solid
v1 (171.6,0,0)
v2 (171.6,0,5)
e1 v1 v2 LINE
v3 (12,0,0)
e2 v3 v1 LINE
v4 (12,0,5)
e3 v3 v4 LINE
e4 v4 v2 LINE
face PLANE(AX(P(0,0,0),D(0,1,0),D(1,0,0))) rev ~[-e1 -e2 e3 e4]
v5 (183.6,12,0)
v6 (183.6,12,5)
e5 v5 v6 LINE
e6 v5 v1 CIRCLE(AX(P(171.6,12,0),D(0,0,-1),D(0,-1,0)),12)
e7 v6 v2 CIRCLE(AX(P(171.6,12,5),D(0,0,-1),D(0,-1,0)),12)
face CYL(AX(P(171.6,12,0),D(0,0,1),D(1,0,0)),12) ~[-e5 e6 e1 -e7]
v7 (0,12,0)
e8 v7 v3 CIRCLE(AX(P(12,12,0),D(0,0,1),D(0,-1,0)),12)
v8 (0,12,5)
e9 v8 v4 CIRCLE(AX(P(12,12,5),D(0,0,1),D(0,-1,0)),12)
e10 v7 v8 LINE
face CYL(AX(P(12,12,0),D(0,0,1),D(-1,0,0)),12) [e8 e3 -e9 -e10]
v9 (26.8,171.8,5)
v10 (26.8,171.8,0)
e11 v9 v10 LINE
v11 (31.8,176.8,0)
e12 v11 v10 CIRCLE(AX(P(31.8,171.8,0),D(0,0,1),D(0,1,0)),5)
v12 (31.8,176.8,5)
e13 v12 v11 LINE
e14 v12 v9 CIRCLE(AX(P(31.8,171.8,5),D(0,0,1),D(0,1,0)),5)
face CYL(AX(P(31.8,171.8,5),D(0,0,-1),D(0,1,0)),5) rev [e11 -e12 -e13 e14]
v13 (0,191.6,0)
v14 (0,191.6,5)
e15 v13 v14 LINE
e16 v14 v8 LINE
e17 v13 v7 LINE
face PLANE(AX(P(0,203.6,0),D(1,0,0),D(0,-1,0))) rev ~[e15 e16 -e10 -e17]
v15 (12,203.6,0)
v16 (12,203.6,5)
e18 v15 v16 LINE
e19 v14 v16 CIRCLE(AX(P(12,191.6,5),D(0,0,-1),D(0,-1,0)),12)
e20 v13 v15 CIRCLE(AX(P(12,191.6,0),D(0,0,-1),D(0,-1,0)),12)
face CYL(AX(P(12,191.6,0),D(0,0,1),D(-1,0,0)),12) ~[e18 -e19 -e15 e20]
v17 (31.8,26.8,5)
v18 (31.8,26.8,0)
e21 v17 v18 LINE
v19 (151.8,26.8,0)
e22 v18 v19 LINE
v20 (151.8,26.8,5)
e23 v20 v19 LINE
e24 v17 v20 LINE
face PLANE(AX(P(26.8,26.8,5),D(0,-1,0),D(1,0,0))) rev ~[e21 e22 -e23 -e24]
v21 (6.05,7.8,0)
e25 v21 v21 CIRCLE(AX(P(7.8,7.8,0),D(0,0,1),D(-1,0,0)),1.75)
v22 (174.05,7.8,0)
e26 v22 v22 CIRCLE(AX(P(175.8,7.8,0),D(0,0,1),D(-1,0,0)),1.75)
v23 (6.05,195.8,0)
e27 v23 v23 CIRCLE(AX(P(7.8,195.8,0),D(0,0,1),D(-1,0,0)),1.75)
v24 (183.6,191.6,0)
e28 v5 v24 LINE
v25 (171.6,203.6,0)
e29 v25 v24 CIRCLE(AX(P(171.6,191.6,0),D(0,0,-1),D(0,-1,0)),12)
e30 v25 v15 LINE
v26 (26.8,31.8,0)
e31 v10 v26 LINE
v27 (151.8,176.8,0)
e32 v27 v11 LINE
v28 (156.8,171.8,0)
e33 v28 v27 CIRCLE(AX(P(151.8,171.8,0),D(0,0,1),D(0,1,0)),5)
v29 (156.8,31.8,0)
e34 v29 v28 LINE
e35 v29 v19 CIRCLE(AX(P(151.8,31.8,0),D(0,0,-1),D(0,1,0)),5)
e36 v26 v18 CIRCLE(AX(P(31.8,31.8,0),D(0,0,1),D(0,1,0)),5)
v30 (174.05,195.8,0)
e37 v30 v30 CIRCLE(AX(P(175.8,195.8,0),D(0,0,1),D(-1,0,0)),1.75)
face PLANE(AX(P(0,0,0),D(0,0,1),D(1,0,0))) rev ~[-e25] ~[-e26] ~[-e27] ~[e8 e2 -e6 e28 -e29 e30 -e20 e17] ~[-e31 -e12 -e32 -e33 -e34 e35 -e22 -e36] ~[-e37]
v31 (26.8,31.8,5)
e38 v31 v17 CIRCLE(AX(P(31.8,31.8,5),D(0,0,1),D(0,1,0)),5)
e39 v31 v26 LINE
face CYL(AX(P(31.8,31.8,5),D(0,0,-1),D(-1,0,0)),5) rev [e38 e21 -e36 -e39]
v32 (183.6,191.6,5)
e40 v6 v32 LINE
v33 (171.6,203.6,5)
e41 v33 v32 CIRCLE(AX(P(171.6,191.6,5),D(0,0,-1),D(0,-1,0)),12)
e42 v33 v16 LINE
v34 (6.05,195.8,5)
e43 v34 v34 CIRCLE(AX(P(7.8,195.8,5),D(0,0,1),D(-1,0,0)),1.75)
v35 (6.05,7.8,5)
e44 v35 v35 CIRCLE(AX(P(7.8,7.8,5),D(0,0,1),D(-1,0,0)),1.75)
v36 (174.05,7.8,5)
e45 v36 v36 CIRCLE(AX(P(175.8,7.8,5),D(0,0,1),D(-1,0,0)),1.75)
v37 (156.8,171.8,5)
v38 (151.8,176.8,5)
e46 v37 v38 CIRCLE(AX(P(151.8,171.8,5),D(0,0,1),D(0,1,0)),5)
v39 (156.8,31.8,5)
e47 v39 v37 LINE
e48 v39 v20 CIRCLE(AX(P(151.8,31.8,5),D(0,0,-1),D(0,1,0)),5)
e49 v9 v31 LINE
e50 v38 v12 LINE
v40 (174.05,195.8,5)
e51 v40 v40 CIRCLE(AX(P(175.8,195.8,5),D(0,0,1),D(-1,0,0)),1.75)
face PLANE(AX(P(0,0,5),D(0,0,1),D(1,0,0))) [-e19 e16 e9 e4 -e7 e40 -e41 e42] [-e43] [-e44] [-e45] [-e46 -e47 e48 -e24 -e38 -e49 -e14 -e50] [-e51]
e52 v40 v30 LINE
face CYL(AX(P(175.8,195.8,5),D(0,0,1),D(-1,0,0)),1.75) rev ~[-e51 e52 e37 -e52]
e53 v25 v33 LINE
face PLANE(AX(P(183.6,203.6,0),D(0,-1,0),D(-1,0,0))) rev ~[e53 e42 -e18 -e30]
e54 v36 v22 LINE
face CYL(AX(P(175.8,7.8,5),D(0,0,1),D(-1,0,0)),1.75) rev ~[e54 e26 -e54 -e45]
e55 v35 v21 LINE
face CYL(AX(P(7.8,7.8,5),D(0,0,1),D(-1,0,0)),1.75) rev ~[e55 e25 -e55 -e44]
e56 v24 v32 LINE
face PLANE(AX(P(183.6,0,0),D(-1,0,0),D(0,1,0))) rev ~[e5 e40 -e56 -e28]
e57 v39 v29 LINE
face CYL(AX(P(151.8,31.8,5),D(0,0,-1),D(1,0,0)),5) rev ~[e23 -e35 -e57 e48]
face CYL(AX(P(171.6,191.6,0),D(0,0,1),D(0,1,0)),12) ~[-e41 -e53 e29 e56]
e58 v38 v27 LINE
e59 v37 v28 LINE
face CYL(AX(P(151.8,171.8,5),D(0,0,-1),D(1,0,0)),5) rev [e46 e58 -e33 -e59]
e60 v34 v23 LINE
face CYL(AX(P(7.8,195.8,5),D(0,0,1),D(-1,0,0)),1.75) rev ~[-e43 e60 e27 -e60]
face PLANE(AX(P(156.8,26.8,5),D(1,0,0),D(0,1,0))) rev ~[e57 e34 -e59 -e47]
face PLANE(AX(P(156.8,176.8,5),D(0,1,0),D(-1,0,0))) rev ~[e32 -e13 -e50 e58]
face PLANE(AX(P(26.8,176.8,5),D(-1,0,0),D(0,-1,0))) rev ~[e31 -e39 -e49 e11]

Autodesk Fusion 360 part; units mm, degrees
sketch "Sketch1" plane through (0, 0, 0) normal (0, 0, 1) x (1, 0, 0) in component "Top Cover Plate"
  line L0 (0, 0) -> (183.6, 0)
  line L1 (183.6, 0) -> (183.6, 203.6)
  line L2 (183.6, 203.6) -> (0, 203.6)
  line L3 (0, 203.6) -> (0, 0)
  dimension "d1" = 183.6
  dimension "d2" = 203.6
extrude "Extrude1" add sketch "Sketch1" along normal blind 5 in component "Top Cover Plate"
fillet "Fillet1" radius 12 4 edges at (183.6, 0, 2.5) (0, 0, 2.5) (183.6, 203.6, 2.5) (0, 203.6, 2.5) in component "Top Cover Plate"
sketch "Sketch2" plane through (0, 0, 5) normal (0, 0, 1) x (-1, 0, 0) in component "Top Cover Plate"
  arc A0 (-12, -203.6) -> (0, -191.6) centre (-12, -191.6) ccw
  line L0 (0, -191.6) -> (0, -12)
  arc A1 (0, -12) -> (-12, 0) centre (-12, -12) ccw
  line L1 (-12, 0) -> (-171.6, 0)
  arc A2 (-171.6, 0) -> (-183.6, -12) centre (-171.6, -12) ccw
  line L2 (-183.6, -12) -> (-183.6, -191.6)
  arc A3 (-183.6, -191.6) -> (-171.6, -203.6) centre (-171.6, -191.6) ccw
  line L3 (-171.6, -203.6) -> (-12, -203.6)
  line L4 (0, -195.8) -> (-183.6, -195.8) construction
  line L5 (0, -7.8) -> (-183.6, -7.8) construction
  line L6 (-7.8, -203.6) -> (-7.8, 0) construction
  line L7 (-175.8, -203.6) -> (-175.8, 0) construction
  circle A4 centre (-7.8, -195.8) radius 1.75
  circle A5 centre (-175.8, -195.8) radius 1.75
  circle A6 centre (-7.8, -7.8) radius 1.75
  circle A7 centre (-175.8, -7.8) radius 1.75
  dimension "d7" = 7.8
  dimension "d8" = 7.8
  dimension "d9" = 7.8
  dimension "d10" = 7.8
  dimension "d11" = 3.5
  dimension "d12" = 3.5
  dimension "d13" = 3.5
  dimension "d14" = 3.5
extrude "Extrude2" cut sketch "Sketch2" against normal up to surface (5 mm away) contours A4 | A5 | A6 | A7 in component "Top Cover Plate"
sketch "Sketch3" plane through (0, 0, 5) normal (0, 0, 1) x (-1, 0, 0) in component "Top Cover Plate"
  circle A0 centre (-175.8, -195.8) radius 1.75
  circle A1 centre (-7.8, -7.8) radius 1.75
  circle A2 centre (-7.8, -195.8) radius 1.75
  circle A3 centre (-175.8, -7.8) radius 1.75
  arc A4 (-12, -203.6) -> (0, -191.6) centre (-12, -191.6) ccw
  line L0 (0, -191.6) -> (0, -12)
  arc A5 (0, -12) -> (-12, 0) centre (-12, -12) ccw
  line L1 (-12, 0) -> (-171.6, 0)
  arc A6 (-171.6, 0) -> (-183.6, -12) centre (-171.6, -12) ccw
  line L2 (-183.6, -12) -> (-183.6, -191.6)
  arc A7 (-183.6, -191.6) -> (-171.6, -203.6) centre (-171.6, -191.6) ccw
  line L3 (-171.6, -203.6) -> (-12, -203.6)
  line L4 (-91.8, -203.6) -> (-91.8, 0) construction
  line L5 (0, -101.8) -> (-183.6, -101.8) construction
  line L6 (-156.8, -176.8) -> (-26.8, -176.8)
  line L7 (-26.8, -176.8) -> (-26.8, -26.8)
  line L8 (-26.8, -26.8) -> (-156.8, -26.8)
  line L9 (-156.8, -26.8) -> (-156.8, -176.8)
  line L10 (-156.8, -176.8) -> (-26.8, -26.8) construction
  line L11 (-26.8, -176.8) -> (-156.8, -26.8) construction
  point P0 (-91.8, -101.8)
  dimension "d17" = 130
  dimension "d18" = 150
extrude "Extrude3" cut sketch "Sketch3" against normal up to surface (5 mm away) contours L6 L7 L8 L9 in component "Top Cover Plate"
fillet "Fillet2" radius 5 4 edges at (26.8, 26.8, 2.5) (26.8, 176.8, 2.5) (156.8, 176.8, 2.5) (156.8, 26.8, 2.5) in component "Top Cover Plate"
component "Top Cover Plate" placed x (1, 0, 0) y (0, 1, 0) z (0, 0, 1) at (0, 0, 0)
